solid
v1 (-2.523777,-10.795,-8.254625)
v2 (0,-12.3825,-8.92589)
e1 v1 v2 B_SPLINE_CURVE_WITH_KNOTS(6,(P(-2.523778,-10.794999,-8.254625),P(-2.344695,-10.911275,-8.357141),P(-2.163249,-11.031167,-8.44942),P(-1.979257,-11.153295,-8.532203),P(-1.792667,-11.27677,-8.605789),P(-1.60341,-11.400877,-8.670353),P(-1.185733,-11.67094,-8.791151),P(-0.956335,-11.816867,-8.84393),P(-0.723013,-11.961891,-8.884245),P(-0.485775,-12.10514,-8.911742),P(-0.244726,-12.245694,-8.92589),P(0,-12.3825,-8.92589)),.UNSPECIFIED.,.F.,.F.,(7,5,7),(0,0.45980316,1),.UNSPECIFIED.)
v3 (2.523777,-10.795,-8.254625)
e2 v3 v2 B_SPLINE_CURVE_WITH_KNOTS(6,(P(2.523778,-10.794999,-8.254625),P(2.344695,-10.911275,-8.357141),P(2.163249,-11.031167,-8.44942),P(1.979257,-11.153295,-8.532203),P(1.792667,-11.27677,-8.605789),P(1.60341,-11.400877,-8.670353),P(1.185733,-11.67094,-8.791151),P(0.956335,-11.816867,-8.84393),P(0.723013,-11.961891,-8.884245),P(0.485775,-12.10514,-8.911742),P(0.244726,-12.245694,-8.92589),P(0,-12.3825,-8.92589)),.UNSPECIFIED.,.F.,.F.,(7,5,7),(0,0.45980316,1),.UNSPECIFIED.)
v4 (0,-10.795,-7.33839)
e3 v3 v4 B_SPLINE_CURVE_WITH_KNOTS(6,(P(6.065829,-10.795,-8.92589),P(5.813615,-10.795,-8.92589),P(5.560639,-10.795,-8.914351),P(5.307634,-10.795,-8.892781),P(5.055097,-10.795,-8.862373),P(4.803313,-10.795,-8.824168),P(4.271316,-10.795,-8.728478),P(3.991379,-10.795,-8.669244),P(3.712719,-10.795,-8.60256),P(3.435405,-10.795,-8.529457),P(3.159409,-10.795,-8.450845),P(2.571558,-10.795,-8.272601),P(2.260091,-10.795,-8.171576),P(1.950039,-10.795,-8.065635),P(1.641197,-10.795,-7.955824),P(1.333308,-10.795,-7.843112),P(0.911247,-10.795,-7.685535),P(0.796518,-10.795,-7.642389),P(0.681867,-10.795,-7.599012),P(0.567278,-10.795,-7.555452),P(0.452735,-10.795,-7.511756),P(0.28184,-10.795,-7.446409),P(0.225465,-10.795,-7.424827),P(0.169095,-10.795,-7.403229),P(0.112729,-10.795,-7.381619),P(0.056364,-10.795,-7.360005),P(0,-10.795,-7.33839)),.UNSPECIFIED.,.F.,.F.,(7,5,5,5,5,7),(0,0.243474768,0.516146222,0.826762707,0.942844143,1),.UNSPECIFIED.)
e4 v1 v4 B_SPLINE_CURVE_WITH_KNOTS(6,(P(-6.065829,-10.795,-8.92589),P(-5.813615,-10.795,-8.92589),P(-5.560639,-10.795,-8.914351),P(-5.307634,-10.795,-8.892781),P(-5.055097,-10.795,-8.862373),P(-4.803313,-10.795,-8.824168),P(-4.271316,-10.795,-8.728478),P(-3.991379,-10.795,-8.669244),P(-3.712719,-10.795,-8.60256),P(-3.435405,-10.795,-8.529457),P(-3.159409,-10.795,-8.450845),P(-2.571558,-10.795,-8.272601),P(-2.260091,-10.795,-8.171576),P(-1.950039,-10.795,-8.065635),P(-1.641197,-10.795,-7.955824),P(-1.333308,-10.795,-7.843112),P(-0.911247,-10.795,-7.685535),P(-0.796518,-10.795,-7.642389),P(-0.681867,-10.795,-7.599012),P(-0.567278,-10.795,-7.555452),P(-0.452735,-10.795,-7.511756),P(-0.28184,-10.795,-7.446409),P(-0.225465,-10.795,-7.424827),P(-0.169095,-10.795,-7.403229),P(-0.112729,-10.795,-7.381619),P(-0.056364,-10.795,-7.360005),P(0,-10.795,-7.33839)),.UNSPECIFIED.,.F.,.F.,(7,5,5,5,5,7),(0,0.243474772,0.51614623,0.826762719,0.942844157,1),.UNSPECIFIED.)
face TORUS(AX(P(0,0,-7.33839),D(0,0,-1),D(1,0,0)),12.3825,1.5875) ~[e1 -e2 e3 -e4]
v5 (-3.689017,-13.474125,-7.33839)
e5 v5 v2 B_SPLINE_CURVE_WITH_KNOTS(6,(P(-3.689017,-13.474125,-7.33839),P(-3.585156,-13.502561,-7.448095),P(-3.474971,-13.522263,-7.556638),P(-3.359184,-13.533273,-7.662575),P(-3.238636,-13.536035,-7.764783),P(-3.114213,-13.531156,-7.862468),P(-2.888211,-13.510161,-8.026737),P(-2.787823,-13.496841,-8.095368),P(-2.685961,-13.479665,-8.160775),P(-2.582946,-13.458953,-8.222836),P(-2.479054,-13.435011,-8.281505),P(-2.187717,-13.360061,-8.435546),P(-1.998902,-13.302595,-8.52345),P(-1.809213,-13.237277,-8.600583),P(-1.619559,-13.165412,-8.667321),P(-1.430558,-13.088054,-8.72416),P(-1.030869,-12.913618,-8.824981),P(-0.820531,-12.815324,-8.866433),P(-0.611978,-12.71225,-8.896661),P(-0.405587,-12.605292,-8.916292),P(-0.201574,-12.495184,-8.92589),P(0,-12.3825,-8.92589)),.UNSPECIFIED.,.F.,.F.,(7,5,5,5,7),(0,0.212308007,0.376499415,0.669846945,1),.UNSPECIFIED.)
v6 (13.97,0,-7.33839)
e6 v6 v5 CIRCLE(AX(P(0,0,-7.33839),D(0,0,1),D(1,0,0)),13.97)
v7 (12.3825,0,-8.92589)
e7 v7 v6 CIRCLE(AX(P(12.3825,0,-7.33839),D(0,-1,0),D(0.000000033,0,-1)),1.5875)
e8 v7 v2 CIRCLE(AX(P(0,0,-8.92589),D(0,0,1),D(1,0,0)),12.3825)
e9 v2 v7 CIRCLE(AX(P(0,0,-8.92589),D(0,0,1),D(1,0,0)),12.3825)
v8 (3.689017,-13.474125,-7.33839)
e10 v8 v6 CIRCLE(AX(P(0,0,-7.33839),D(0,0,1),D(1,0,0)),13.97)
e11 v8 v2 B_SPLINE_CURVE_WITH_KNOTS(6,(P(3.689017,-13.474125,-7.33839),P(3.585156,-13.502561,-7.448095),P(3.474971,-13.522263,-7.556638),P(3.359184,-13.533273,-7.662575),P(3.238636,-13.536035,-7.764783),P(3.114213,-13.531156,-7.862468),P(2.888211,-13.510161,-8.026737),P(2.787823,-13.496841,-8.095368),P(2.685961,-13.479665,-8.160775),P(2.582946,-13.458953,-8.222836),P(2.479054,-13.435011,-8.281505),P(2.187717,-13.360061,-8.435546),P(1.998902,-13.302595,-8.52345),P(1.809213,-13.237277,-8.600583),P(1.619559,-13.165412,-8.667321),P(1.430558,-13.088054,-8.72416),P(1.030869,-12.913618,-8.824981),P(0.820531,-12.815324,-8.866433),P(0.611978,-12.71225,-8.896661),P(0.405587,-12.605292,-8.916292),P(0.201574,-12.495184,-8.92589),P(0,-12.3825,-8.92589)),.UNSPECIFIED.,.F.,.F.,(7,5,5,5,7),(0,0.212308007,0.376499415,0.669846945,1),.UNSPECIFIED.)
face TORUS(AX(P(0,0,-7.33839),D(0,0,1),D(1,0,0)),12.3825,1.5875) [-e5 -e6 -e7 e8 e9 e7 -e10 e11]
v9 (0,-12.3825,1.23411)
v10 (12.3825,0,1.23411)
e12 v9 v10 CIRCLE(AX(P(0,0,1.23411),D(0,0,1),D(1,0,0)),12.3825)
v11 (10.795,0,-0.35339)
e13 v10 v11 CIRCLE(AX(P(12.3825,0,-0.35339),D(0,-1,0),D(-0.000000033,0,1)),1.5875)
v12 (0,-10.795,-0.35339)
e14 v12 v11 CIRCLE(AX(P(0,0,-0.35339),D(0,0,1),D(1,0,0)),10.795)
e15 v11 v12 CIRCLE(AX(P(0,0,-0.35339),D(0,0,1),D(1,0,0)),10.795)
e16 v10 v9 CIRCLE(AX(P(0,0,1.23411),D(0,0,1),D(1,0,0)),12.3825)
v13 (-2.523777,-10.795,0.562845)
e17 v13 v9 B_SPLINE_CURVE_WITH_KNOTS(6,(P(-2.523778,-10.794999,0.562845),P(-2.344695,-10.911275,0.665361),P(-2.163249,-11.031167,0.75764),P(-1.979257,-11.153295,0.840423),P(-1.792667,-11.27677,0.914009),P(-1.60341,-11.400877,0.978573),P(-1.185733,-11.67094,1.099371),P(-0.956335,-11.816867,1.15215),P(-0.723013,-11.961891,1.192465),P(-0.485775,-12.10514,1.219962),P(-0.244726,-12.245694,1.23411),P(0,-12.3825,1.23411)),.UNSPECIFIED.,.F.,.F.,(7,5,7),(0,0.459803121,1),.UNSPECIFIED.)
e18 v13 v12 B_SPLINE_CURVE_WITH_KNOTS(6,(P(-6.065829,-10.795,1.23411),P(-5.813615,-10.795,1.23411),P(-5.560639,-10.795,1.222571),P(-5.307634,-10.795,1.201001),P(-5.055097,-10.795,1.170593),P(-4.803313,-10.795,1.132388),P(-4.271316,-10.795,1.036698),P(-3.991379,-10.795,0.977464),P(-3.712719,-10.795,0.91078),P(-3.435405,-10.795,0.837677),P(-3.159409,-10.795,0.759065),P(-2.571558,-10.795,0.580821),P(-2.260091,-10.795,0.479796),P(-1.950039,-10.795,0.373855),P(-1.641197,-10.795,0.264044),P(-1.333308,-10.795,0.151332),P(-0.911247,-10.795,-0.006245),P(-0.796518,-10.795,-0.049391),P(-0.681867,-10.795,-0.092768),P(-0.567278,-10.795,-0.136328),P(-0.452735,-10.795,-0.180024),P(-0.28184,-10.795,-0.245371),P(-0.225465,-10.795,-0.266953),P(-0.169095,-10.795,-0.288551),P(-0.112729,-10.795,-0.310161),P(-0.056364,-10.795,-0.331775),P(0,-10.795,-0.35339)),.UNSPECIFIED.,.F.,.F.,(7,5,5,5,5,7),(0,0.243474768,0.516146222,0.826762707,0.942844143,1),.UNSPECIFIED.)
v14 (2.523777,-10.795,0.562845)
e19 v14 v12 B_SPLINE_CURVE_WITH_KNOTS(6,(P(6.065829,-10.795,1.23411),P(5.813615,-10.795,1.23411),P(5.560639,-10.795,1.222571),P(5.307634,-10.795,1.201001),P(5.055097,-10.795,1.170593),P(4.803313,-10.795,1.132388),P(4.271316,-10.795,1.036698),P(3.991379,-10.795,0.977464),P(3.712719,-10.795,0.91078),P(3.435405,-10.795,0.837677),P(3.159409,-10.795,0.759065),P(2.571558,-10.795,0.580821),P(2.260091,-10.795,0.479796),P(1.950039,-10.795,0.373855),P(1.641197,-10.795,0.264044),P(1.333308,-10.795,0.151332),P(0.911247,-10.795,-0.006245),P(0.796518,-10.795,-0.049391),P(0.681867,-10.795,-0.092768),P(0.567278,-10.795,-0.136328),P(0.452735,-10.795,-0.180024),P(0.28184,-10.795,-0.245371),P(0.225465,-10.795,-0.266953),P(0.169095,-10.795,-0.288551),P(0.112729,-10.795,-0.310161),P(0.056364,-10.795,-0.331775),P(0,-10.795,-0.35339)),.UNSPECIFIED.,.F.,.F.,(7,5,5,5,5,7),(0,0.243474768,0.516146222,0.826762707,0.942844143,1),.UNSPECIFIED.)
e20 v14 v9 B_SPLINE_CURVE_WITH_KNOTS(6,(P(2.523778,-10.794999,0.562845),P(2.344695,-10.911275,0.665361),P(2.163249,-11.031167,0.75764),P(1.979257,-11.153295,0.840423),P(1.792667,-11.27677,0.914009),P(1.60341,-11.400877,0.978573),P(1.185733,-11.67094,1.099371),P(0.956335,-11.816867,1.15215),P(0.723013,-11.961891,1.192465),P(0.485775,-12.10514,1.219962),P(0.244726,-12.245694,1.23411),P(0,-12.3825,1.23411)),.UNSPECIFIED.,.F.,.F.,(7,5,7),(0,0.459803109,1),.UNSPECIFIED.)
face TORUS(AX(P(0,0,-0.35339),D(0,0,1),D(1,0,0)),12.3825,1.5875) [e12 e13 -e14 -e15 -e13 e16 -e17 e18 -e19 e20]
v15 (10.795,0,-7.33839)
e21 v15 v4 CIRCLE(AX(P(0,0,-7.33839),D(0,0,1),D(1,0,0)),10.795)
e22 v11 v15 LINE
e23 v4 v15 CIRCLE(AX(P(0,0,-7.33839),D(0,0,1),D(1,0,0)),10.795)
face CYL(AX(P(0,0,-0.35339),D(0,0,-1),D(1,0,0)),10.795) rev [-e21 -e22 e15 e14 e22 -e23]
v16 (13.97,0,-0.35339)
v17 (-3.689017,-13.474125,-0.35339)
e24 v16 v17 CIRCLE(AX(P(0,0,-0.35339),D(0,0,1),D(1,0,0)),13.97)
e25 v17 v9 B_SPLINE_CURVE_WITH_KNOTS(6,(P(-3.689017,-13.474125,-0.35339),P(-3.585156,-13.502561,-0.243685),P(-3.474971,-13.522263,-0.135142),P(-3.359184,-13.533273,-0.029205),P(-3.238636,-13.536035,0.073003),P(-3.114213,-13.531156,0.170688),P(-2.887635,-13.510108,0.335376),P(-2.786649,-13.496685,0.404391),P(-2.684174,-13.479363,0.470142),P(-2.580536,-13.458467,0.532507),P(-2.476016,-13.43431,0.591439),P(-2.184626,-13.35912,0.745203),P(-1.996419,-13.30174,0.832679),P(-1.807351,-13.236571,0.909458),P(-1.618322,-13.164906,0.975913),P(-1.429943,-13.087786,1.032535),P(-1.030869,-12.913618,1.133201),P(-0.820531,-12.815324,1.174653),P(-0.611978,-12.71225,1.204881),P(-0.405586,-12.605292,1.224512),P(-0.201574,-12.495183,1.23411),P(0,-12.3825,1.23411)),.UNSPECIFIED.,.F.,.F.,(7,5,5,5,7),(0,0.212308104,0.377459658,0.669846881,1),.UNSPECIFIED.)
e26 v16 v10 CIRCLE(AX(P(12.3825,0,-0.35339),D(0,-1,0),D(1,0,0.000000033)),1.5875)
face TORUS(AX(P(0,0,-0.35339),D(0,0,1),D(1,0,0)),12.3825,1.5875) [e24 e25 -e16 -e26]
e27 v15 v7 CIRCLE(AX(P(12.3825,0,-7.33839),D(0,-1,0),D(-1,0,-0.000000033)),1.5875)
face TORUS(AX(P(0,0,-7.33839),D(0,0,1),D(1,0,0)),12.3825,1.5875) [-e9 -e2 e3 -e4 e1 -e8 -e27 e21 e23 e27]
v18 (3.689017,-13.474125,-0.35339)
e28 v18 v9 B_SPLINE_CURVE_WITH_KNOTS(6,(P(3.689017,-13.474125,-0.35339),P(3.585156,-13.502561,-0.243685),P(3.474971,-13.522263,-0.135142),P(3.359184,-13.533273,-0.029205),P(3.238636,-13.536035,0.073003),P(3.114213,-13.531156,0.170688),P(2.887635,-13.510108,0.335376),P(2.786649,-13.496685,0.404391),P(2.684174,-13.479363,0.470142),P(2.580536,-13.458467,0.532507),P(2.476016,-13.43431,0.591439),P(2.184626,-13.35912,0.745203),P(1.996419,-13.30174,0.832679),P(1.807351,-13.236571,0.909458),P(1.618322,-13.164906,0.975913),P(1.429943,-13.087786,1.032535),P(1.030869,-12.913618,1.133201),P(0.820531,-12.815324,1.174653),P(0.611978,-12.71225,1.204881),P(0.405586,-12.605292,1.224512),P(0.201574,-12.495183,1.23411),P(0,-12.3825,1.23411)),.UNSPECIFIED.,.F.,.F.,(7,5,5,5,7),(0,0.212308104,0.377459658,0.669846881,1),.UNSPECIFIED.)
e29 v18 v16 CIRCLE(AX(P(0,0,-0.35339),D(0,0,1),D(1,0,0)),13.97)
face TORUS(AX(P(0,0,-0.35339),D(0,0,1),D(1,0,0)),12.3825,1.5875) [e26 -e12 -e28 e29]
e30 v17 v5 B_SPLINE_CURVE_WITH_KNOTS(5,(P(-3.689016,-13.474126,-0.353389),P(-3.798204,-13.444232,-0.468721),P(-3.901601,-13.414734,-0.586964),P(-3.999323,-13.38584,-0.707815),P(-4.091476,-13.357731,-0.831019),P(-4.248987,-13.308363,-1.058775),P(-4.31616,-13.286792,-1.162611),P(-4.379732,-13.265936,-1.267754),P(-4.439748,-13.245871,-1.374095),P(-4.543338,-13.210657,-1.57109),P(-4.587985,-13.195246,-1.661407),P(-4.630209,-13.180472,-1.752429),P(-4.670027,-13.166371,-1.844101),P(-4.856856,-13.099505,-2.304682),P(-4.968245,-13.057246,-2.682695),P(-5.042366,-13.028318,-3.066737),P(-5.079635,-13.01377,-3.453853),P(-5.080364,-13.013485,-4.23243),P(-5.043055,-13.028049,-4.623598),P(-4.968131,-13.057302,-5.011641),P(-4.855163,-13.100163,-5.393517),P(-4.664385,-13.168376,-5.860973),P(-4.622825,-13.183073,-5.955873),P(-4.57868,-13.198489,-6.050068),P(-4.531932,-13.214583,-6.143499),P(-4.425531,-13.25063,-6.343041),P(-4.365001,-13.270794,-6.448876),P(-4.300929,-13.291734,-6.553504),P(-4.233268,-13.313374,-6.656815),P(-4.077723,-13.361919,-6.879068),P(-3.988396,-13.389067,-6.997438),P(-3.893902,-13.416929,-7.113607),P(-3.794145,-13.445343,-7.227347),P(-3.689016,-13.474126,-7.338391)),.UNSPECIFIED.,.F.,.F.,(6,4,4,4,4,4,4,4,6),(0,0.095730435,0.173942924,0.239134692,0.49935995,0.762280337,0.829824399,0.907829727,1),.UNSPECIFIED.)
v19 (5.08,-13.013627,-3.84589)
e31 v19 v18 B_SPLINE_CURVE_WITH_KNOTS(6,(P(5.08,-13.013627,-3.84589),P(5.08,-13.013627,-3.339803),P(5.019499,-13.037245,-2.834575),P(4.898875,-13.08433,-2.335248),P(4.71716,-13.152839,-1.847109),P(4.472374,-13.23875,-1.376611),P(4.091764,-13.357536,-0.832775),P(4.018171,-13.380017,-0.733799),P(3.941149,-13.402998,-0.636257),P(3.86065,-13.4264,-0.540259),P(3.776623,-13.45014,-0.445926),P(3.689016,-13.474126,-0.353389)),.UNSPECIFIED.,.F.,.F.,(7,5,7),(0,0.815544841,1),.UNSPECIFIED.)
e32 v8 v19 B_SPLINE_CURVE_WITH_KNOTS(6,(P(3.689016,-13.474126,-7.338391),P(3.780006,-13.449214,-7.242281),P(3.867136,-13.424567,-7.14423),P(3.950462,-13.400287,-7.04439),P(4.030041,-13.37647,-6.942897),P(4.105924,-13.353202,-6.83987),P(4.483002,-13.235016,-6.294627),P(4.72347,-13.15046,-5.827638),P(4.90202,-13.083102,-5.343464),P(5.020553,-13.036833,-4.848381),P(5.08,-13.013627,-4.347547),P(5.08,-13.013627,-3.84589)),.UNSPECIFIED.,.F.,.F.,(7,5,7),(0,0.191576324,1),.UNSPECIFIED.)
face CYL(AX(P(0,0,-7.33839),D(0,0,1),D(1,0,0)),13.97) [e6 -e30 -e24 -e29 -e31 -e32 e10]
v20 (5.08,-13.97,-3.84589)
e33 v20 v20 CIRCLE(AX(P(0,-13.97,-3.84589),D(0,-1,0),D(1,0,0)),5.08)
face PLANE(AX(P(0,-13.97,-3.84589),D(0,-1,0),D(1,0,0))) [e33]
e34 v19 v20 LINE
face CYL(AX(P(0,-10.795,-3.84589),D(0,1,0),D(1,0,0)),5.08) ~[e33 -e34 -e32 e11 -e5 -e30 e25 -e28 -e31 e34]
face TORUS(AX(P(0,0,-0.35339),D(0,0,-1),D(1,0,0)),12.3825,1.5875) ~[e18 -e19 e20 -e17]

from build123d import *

# Parameters (mm, degrees)
F3_R     = 5.08
F4_DEPTH = 3.175


with BuildPart() as f1:
    # F0 (on Front) → F1 (revolve)
    with BuildSketch(Plane.XZ):
        with BuildLine():
            ThreePointArc((12.3825, 1.23411), (11.259968, 0.769142), (10.795, -0.35339))
            Line((10.795, -0.35339), (10.795, -7.33839))
            ThreePointArc((10.795, -7.33839), (11.259968, -8.460922), (12.3825, -8.92589))
            ThreePointArc((12.3825, -8.92589), (13.505032, -8.460922), (13.97, -7.33839))
            Line((13.97, -7.33839), (13.97, -0.35339))
            ThreePointArc((13.97, -0.35339), (13.505032, 0.769142), (12.3825, 1.23411))
        make_face()
    revolve(axis=Axis((0, 0, 14.801255), (0, 0, 1)))

    # F3 (on offset) → F4 (join)
    with BuildSketch(Plane.XZ.offset(10.795)):
        with Locations((0, -3.84589)):
            Circle(F3_R)
    extrude(amount=F4_DEPTH)

    # F0 (on Front) → F5 (revolve, cut)
    with BuildSketch(Plane.XZ):
        with BuildLine():
            Line((10.795, -7.33839), (10.795, -0.35339))
            ThreePointArc((10.795, -0.35339), (11.259968, 0.769142), (12.3825, 1.23411))
            Line((12.3825, 1.23411), (7.964968, 1.23411))
            Line((7.964968, 1.23411), (7.964968, -8.92589))
            Line((7.964968, -8.92589), (12.3825, -8.92589))
            ThreePointArc((12.3825, -8.92589), (11.259968, -8.460922), (10.795, -7.33839))
        make_face()
    revolve(axis=Axis((0, 0, 14.801255), (0, 0, 1)), mode=Mode.SUBTRACT)


solid = f1.part
